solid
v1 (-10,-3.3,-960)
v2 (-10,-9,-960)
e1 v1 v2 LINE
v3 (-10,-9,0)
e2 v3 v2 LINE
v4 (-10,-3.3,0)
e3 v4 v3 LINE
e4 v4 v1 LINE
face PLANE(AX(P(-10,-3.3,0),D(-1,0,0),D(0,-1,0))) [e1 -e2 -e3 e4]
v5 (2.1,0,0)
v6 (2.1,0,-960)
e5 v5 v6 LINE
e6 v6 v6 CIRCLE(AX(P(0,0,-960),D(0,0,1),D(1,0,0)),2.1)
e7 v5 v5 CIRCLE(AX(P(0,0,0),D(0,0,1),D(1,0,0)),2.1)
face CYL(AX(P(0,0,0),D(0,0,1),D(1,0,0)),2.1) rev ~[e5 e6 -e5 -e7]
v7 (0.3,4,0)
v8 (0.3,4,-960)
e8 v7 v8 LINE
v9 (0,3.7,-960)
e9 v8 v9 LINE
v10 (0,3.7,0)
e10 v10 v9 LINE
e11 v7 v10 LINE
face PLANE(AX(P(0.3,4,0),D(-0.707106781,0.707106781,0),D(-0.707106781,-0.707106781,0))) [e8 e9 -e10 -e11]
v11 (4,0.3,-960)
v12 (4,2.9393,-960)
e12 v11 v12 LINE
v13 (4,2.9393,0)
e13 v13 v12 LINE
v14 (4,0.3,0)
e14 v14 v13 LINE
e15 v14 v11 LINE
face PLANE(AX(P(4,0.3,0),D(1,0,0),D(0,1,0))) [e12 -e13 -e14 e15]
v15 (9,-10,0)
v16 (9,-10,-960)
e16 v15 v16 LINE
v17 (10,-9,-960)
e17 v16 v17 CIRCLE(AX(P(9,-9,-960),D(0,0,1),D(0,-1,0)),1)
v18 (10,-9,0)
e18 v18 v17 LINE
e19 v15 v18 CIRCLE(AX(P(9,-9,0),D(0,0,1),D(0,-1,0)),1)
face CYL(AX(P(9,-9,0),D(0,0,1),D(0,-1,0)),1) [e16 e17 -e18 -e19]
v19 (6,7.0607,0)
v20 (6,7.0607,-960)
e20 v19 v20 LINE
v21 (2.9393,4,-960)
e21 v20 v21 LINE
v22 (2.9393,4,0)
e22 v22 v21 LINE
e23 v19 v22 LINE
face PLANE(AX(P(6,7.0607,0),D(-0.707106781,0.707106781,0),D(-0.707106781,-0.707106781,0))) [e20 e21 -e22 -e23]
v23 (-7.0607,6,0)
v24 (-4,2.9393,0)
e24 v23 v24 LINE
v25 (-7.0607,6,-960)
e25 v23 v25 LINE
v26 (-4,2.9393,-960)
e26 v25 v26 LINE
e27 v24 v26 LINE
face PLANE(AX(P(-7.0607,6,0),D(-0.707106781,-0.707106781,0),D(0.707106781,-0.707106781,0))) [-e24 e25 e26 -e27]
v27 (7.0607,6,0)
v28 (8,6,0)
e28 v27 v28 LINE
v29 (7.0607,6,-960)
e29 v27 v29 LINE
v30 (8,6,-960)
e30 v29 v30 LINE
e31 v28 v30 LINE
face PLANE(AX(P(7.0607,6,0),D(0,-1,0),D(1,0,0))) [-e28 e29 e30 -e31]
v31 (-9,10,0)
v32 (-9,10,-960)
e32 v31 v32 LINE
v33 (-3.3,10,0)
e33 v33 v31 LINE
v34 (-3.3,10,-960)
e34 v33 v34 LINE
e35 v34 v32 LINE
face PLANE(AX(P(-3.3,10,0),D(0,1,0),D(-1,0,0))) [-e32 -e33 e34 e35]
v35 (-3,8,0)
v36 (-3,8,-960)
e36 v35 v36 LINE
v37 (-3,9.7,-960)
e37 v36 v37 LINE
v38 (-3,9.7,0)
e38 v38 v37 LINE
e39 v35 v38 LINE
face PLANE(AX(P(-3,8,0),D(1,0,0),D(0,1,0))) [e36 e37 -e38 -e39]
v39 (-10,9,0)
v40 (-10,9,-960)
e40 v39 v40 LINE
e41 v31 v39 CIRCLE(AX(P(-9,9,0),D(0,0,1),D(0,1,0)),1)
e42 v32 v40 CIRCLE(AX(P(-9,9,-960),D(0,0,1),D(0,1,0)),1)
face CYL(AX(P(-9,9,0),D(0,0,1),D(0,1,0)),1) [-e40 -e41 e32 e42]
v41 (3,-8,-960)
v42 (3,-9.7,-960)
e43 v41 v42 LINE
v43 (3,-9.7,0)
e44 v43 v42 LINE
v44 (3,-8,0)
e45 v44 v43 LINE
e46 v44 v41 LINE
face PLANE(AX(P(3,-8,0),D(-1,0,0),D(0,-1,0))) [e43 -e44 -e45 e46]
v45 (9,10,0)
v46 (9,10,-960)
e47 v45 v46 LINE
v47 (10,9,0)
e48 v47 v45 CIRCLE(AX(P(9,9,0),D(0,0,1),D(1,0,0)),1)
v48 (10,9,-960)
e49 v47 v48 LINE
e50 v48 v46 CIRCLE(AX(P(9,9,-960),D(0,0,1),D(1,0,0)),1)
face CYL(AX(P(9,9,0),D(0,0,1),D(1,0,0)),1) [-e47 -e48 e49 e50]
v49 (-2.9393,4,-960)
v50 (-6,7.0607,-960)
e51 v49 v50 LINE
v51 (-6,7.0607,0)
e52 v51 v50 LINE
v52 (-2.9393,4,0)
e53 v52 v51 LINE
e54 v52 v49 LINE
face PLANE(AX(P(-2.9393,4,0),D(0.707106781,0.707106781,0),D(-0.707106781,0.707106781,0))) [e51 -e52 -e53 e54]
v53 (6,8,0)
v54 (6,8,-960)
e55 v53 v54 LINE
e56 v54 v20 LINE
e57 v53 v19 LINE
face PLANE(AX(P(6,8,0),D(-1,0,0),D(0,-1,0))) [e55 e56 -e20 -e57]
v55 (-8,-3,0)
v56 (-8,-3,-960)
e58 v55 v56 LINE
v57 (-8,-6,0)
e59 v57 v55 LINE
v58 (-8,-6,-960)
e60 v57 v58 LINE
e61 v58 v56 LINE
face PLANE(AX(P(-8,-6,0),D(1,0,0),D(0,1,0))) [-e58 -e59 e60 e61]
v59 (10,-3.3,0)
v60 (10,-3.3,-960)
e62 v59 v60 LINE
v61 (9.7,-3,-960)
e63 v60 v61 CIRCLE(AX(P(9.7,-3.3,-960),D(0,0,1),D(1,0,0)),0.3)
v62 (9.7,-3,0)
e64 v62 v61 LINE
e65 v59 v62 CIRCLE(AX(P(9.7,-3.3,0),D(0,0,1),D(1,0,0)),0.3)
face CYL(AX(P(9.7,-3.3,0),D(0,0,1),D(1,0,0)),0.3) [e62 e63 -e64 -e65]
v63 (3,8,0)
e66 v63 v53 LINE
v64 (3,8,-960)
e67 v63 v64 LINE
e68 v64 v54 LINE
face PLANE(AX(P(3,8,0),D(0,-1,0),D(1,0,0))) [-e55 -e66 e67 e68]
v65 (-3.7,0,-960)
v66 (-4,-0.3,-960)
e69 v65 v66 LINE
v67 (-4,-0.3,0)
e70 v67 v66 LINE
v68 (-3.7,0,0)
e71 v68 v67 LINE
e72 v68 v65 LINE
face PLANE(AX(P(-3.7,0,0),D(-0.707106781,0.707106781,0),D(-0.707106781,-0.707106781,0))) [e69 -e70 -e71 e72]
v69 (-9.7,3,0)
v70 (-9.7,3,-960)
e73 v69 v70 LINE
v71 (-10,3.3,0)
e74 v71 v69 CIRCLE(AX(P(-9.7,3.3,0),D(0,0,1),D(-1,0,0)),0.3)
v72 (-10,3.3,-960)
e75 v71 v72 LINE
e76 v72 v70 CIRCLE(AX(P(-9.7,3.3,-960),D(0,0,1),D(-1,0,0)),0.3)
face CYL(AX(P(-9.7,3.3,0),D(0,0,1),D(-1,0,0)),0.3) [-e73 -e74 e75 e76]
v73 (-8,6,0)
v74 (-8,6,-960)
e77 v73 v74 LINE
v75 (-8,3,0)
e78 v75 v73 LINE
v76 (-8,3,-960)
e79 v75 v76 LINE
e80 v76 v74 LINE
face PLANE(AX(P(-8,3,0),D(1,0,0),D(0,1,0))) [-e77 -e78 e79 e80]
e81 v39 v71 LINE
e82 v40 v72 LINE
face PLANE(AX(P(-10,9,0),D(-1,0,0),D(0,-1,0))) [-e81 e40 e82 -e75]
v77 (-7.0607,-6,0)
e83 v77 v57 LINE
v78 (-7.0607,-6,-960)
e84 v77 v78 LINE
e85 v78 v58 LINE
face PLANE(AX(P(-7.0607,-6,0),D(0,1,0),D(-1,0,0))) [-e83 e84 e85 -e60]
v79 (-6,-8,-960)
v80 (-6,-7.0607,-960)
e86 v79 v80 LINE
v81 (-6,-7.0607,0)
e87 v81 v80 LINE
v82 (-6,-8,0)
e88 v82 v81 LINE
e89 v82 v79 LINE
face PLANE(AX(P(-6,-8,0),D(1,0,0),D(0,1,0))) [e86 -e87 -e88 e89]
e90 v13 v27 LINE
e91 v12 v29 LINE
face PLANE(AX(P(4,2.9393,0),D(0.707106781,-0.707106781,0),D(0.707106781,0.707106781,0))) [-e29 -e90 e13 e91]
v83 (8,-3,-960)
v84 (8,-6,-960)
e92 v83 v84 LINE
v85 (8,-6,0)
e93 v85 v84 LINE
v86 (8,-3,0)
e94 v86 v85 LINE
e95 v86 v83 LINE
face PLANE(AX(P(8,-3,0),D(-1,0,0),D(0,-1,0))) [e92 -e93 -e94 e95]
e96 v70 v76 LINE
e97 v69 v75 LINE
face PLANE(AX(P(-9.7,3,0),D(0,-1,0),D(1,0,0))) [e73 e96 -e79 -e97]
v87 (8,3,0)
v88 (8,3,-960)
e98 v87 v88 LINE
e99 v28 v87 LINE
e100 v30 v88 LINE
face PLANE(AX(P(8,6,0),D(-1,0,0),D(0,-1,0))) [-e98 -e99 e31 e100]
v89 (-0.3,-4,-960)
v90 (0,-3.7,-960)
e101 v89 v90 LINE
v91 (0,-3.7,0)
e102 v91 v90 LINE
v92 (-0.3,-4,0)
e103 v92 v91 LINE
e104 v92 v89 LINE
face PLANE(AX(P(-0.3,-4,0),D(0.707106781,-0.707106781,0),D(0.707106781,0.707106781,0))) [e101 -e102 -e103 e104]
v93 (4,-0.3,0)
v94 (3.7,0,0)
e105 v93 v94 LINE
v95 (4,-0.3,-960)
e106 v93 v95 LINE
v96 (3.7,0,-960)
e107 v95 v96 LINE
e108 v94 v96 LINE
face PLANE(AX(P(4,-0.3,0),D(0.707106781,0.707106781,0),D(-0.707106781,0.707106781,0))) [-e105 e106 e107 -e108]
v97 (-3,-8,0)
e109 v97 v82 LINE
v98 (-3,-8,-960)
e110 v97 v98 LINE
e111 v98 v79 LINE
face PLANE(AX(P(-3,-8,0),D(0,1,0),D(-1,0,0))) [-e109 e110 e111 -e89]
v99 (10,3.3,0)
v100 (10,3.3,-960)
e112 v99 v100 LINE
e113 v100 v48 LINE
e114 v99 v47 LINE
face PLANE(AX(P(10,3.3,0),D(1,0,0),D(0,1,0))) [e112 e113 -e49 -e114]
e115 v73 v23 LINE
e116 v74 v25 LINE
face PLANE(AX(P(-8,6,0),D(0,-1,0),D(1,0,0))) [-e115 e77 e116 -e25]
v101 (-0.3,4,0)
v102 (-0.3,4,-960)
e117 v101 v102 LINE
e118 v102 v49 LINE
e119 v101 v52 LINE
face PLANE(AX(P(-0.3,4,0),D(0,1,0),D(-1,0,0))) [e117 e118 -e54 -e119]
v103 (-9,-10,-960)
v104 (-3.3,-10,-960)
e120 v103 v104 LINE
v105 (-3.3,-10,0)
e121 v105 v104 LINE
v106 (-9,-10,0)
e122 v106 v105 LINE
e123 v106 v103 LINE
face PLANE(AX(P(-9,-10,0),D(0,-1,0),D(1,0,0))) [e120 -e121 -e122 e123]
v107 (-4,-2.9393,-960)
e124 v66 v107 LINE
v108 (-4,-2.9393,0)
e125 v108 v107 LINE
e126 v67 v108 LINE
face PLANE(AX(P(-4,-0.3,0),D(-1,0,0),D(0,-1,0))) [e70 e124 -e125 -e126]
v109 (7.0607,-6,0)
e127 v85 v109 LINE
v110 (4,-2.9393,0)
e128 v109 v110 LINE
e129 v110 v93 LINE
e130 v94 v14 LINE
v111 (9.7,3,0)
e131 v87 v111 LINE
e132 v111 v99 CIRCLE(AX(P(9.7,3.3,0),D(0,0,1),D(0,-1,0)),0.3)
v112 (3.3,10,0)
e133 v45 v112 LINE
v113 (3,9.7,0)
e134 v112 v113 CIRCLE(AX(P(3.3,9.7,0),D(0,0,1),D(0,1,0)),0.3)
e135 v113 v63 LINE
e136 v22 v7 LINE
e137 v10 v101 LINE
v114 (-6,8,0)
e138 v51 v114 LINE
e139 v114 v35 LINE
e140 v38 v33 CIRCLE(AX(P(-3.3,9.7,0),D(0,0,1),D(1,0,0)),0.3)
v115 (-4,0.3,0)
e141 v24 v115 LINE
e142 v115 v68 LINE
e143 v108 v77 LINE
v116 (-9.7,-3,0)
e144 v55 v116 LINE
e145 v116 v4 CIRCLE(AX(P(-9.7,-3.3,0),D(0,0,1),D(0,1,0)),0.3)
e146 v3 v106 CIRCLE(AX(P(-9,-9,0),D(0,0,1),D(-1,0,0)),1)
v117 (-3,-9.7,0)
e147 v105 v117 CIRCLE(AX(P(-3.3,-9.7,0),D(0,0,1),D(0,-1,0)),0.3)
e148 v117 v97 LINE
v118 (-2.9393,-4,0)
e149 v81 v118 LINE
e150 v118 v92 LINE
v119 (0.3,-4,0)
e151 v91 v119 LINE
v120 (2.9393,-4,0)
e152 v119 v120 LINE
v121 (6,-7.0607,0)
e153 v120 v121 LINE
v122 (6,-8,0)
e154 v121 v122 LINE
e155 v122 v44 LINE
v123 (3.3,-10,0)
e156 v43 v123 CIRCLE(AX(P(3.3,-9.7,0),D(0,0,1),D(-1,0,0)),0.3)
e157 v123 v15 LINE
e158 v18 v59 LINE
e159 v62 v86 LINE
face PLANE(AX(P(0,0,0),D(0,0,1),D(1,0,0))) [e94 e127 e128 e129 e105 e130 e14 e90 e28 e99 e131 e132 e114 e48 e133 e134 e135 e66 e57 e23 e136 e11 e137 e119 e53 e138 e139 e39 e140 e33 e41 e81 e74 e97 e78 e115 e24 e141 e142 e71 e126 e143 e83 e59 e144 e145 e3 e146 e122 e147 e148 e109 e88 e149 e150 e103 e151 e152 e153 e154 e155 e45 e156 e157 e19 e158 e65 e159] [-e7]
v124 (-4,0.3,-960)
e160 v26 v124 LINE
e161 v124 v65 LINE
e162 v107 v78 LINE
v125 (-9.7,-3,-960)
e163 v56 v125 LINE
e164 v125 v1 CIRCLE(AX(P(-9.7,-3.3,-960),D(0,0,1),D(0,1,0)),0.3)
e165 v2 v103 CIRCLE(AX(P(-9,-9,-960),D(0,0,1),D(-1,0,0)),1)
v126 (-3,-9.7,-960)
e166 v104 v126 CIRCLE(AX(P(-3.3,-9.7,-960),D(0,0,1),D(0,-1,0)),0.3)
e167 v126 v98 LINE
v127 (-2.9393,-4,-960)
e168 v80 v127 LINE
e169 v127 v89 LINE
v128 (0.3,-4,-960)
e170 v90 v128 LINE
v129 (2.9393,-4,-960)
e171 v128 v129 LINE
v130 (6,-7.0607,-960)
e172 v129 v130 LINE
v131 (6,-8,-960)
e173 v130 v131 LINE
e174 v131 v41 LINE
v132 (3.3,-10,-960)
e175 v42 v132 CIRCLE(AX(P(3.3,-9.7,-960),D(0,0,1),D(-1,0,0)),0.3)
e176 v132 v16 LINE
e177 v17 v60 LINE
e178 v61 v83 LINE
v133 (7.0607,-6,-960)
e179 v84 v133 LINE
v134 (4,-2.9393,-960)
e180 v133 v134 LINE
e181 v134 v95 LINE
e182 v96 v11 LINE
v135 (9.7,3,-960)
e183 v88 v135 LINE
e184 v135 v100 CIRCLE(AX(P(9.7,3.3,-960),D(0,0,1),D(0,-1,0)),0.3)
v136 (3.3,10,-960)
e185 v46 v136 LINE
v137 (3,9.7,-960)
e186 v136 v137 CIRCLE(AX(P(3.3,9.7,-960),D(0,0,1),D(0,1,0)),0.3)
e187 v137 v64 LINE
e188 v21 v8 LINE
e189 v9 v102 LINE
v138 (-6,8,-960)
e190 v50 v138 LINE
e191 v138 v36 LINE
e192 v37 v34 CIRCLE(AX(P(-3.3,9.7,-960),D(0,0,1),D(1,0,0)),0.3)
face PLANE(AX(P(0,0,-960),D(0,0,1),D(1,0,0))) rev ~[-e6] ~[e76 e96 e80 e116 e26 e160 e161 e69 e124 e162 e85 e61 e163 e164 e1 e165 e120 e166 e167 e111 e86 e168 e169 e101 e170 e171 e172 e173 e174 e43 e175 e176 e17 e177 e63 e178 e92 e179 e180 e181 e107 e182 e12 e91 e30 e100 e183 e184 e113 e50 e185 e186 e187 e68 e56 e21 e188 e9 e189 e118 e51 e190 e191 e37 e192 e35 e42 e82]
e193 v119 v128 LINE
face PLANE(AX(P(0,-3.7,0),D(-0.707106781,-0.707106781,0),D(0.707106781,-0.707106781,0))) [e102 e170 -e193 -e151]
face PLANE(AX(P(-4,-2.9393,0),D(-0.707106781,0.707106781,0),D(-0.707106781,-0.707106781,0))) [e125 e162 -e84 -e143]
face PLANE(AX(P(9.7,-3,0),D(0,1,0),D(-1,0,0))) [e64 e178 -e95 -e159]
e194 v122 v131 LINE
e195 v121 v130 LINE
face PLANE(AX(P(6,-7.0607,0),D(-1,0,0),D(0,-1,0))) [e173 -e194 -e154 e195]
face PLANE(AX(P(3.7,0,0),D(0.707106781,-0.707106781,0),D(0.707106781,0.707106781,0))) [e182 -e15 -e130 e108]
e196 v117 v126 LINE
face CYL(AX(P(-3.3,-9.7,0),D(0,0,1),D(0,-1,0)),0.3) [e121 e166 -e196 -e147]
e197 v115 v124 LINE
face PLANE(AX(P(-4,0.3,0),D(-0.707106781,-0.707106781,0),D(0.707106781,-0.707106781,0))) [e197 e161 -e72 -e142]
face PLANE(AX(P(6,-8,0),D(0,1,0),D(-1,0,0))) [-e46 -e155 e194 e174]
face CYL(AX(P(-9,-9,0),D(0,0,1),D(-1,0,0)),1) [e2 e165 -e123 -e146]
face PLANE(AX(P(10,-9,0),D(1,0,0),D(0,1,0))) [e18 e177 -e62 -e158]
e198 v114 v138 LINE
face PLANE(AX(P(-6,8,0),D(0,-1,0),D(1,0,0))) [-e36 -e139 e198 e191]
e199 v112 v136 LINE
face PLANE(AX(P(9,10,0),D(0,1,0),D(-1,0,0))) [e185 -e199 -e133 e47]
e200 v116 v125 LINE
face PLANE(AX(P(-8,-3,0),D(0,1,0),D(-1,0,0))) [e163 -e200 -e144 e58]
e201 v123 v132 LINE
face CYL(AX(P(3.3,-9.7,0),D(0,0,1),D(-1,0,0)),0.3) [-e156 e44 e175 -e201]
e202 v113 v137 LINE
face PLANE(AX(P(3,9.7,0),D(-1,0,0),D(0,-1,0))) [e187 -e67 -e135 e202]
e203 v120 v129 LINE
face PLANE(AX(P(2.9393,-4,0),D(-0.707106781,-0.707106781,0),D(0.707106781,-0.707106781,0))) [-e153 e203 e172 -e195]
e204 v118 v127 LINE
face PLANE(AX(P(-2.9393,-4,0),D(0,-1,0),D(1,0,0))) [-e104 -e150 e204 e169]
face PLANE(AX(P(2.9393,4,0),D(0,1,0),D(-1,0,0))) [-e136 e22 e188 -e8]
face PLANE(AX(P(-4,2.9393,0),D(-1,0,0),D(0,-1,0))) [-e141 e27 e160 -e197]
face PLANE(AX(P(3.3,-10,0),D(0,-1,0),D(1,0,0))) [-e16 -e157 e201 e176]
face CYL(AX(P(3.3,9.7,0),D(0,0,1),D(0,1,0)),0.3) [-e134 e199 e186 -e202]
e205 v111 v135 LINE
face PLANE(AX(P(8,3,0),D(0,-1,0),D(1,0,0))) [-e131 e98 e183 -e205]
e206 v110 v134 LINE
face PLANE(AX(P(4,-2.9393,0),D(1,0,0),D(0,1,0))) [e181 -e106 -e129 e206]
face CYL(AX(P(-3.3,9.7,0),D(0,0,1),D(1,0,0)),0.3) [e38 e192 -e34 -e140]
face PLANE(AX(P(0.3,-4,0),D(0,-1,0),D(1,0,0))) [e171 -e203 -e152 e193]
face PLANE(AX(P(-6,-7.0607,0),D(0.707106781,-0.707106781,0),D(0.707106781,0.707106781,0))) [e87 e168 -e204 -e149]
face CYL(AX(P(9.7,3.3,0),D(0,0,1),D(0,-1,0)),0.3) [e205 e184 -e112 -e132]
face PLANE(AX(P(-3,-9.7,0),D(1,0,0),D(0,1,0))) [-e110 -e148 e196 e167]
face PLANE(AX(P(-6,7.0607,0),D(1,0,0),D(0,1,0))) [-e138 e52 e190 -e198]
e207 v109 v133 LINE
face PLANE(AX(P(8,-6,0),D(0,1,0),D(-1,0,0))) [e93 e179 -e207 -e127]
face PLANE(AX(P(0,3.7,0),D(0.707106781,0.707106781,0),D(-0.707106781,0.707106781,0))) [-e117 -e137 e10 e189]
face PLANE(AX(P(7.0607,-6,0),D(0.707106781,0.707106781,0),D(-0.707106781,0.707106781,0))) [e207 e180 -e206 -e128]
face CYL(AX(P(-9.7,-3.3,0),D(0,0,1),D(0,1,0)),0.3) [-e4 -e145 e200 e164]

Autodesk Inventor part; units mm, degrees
ref_plane "YZ Plane" through (0, 0, 0) normal (1, 0, 0) x (0, 1, 0)
ref_plane "XZ Plane" through (0, 0, 0) normal (0, 1, 0) x (-1, 0, 0)
ref_plane "XY Plane" through (0, 0, 0) normal (0, 0, 1) x (1, 0, 0)
sketch "Sketch_5" plane through (0, 0, 0) normal (0, 0, 1) x (1, 0, 0)
  line L0 (-10, 9) -> (-10, 3.3)
  arc A0 (-10, 3.3) -> (-9.7, 3) centre (-9.7, 3.3) ccw
  line L1 (-9.7, 3) -> (-8, 3)
  line L2 (-8, 3) -> (-8, 6)
  line L3 (-8, 6) -> (-7.0607, 6)
  line L4 (-7.0607, 6) -> (-4, 2.9393)
  line L5 (-4, 2.9393) -> (-4, 0.3)
  line L6 (-4, 0.3) -> (-3.7, 0)
  line L7 (-3.7, 0) -> (-4, -0.3)
  line L8 (-4, -0.3) -> (-4, -2.9393)
  line L9 (-4, -2.9393) -> (-7.0607, -6)
  line L10 (-7.0607, -6) -> (-8, -6)
  line L11 (-8, -6) -> (-8, -3)
  line L12 (-8, -3) -> (-9.7, -3)
  arc A1 (-9.7, -3) -> (-10, -3.3) centre (-9.7, -3.3) ccw
  line L13 (-10, -3.3) -> (-10, -9)
  arc A2 (-10, -9) -> (-9, -10) centre (-9, -9) ccw
  line L14 (-9, -10) -> (-3.3, -10)
  arc A3 (-3.3, -10) -> (-3, -9.7) centre (-3.3, -9.7) ccw
  line L15 (-3, -9.7) -> (-3, -8)
  line L16 (-3, -8) -> (-6, -8)
  line L17 (-6, -8) -> (-6, -7.0607)
  line L18 (-6, -7.0607) -> (-2.9393, -4)
  line L19 (-2.9393, -4) -> (-0.3, -4)
  line L20 (-0.3, -4) -> (0, -3.7)
  line L21 (0, -3.7) -> (0.3, -4)
  line L22 (0.3, -4) -> (2.9393, -4)
  line L23 (2.9393, -4) -> (6, -7.0607)
  line L24 (6, -7.0607) -> (6, -8)
  line L25 (6, -8) -> (3, -8)
  line L26 (3, -8) -> (3, -9.7)
  arc A4 (3, -9.7) -> (3.3, -10) centre (3.3, -9.7) ccw
  line L27 (3.3, -10) -> (9, -10)
  arc A5 (9, -10) -> (10, -9) centre (9, -9) ccw
  line L28 (10, -9) -> (10, -3.3)
  arc A6 (10, -3.3) -> (9.7, -3) centre (9.7, -3.3) ccw
  line L29 (9.7, -3) -> (8, -3)
  line L30 (8, -3) -> (8, -6)
  line L31 (8, -6) -> (7.0607, -6)
  line L32 (7.0607, -6) -> (4, -2.9393)
  line L33 (4, -2.9393) -> (4, -0.3)
  line L34 (4, -0.3) -> (3.7, 0)
  line L35 (3.7, 0) -> (4, 0.3)
  line L36 (4, 0.3) -> (4, 2.9393)
  line L37 (4, 2.9393) -> (7.0607, 6)
  line L38 (7.0607, 6) -> (8, 6)
  line L39 (8, 6) -> (8, 3)
  line L40 (8, 3) -> (9.7, 3)
  arc A7 (9.7, 3) -> (10, 3.3) centre (9.7, 3.3) ccw
  line L41 (10, 3.3) -> (10, 9)
  arc A8 (10, 9) -> (9, 10) centre (9, 9) ccw
  line L42 (9, 10) -> (3.3, 10)
  arc A9 (3.3, 10) -> (3, 9.7) centre (3.3, 9.7) ccw
  line L43 (3, 9.7) -> (3, 8)
  line L44 (3, 8) -> (6, 8)
  line L45 (6, 8) -> (6, 7.0607)
  line L46 (6, 7.0607) -> (2.9393, 4)
  line L47 (2.9393, 4) -> (0.3, 4)
  line L48 (0.3, 4) -> (0, 3.7)
  line L49 (0, 3.7) -> (-0.3, 4)
  line L50 (-0.3, 4) -> (-2.9393, 4)
  line L51 (-2.9393, 4) -> (-6, 7.0607)
  line L52 (-6, 7.0607) -> (-6, 8)
  line L53 (-6, 8) -> (-3, 8)
  line L54 (-3, 8) -> (-3, 9.7)
  arc A10 (-3, 9.7) -> (-3.3, 10) centre (-3.3, 9.7) ccw
  line L55 (-3.3, 10) -> (-9, 10)
  arc A11 (-9, 10) -> (-10, 9) centre (-9, 9) ccw
  circle A12 centre (0, 0) radius 2.1
extrude "Extrusion1" add sketch "Sketch_5" against normal blind 960
properties part number "KHFS5-2020-4000"
